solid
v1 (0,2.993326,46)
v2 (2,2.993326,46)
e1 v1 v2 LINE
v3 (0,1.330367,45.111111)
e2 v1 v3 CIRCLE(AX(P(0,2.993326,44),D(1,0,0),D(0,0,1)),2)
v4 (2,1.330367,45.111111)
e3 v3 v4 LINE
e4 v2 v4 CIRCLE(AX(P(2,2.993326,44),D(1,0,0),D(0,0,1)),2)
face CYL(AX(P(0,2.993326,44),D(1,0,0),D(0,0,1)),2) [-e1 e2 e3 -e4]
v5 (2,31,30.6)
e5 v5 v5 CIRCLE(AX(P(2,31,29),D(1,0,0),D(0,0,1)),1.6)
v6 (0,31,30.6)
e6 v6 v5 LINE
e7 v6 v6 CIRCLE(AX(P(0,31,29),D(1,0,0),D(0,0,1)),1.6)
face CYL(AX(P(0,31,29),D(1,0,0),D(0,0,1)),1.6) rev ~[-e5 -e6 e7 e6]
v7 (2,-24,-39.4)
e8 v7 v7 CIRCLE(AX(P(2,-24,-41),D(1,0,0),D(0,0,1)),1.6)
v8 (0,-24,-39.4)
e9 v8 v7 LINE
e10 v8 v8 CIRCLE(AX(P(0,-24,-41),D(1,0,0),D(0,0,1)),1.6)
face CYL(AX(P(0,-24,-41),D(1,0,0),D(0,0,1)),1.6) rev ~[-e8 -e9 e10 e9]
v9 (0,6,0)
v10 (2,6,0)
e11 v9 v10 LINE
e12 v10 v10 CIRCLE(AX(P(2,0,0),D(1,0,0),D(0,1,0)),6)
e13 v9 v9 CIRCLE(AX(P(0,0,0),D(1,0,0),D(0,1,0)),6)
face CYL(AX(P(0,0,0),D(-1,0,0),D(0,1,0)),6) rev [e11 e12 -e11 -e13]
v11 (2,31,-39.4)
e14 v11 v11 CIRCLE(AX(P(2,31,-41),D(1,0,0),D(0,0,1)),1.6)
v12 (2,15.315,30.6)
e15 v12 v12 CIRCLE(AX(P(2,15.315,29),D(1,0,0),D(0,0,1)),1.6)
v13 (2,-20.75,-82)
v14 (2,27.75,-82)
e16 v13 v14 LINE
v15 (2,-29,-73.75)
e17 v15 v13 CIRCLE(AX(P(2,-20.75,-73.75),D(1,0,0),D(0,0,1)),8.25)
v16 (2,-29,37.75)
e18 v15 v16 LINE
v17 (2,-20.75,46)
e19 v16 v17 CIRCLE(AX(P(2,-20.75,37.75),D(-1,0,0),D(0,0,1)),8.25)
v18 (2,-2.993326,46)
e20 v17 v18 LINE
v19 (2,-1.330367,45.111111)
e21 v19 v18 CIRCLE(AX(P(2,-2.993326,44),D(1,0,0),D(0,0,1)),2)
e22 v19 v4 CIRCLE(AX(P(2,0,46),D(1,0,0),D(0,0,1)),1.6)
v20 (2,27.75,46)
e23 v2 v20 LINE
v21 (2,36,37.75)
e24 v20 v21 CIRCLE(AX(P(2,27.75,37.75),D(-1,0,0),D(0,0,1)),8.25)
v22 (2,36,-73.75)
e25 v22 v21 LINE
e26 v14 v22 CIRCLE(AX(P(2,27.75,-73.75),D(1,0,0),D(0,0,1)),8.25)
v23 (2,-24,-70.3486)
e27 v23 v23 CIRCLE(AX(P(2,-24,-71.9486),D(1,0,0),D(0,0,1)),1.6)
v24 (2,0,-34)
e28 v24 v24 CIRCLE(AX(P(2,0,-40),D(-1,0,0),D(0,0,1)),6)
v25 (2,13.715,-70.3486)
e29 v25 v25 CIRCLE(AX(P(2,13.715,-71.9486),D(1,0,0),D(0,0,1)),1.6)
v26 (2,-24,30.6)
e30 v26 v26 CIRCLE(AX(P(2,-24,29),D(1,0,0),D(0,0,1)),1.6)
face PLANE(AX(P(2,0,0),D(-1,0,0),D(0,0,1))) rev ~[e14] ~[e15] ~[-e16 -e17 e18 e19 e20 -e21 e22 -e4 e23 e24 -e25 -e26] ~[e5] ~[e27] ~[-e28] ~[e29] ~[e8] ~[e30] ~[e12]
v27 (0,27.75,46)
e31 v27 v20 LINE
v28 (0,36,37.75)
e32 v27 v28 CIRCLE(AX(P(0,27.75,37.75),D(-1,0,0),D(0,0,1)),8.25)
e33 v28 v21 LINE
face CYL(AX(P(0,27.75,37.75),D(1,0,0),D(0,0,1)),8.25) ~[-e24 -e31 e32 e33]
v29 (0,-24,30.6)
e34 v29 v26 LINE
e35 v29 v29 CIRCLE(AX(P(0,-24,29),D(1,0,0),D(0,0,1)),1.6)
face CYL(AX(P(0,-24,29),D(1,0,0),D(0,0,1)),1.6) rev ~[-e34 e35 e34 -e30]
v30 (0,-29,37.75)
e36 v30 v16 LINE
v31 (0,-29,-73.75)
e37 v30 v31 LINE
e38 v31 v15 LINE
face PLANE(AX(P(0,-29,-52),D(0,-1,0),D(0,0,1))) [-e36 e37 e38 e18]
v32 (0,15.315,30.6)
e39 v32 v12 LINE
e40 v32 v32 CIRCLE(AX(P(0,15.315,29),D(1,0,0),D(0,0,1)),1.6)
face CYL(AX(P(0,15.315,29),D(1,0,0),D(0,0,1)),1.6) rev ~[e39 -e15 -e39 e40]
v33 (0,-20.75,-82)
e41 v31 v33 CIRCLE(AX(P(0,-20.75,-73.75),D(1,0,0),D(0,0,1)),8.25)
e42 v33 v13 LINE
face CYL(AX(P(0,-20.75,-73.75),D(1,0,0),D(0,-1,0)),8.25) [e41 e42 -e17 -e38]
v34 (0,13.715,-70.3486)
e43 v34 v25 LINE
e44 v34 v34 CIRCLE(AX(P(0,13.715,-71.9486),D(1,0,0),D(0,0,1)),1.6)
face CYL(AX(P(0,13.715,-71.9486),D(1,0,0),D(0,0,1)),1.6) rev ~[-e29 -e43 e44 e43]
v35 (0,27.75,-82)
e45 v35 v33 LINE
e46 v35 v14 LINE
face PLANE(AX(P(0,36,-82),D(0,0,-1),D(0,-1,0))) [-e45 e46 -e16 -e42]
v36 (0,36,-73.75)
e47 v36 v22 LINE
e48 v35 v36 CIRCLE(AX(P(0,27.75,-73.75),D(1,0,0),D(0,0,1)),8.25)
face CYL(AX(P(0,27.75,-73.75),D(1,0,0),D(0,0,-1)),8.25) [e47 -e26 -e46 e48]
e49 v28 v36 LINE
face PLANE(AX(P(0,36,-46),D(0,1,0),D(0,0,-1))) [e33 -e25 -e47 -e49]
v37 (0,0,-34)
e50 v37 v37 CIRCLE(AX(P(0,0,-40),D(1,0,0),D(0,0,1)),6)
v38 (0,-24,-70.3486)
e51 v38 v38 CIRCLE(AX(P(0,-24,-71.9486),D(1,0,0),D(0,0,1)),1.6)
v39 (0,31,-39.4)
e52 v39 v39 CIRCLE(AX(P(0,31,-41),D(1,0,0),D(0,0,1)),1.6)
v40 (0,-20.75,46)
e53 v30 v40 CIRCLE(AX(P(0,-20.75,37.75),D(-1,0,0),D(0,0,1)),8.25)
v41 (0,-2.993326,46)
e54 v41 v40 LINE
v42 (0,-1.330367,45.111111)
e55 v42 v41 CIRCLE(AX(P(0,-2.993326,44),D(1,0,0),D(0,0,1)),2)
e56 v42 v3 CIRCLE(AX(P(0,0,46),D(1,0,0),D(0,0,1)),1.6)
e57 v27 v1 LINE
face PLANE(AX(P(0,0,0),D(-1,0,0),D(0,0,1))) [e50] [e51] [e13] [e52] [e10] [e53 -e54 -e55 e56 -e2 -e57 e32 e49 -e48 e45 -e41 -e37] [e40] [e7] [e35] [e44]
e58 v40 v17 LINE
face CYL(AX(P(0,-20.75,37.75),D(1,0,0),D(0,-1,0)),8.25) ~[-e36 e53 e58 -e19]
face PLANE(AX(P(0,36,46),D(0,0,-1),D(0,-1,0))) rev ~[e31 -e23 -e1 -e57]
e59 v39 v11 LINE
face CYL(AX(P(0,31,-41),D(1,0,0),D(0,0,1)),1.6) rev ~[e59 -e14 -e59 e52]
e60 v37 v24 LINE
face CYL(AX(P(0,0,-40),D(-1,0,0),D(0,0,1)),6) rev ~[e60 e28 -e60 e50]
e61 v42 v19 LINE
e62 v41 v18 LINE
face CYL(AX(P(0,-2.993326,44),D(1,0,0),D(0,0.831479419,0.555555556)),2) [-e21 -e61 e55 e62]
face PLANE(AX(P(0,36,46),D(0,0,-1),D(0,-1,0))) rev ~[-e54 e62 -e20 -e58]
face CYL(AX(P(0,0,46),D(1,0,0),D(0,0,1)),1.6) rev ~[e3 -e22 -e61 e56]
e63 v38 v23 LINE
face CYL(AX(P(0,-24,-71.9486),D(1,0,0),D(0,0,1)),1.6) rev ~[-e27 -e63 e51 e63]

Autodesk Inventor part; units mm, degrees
ref_plane "YZ Plane" through (0, 0, 0) normal (1, 0, 0) x (0, 1, 0)
ref_plane "XZ Plane" through (0, 0, 0) normal (0, 1, 0) x (-1, 0, 0)
ref_plane "XY Plane" through (0, 0, 0) normal (0, 0, 1) x (1, 0, 0)
sketch "Sketch1" plane through (0, 0, 0) normal (1, 0, 0) x (0, 1, 0)
  circle A0 centre (0, 0) radius 6
  line L0 (36, -46) -> (36, 34)
  line L1 (36, 34) -> (-29, 34)
  line L2 (-29, 34) -> (-29, -46)
  line L3 (-29, -46) -> (36, -46)
  point P0 (0, -17.5)
  point P1 (17.5, 0)
  point P2 (0, 17.5)
  point P3 (-17.5, 0)
  point P4 (0, -30)
  point P5 (0, 30)
  point P6 (31, -41)
  point P7 (31, 29)
  point P8 (-24, 29)
  point P9 (-24, -41)
  dimension "d6" = 30
  dimension "d9" = 360
  dimension "d15" = 5
  dimension "d16" = 5
  dimension "d17" = 80
  dimension "d18" = 65
  dimension "d28" = 5
  dimension "d29" = 55
  dimension "d30" = 55
  dimension "d38" = 12
extrude "Extrusion1" add sketch "Sketch1" along normal blind 2
hole "Hole1" at (0, 31, -41) at (0, 31, 29) at (0, -24, 29) at (0, -24, -41) direction (1, 0, 0) diameter 3.2 depth 43.75 tip angle 118
sketch "Sketch2" plane through (0, 0, 0) normal (-1, 0, 0) x (0, 0, 1)
  circle A0 centre (-40, 0) radius 6
  line L0 (-46, 36) -> (34, 36) projected
  line L1 (-46, 36) -> (-52, 36)
  line L2 (-52, 36) -> (-52, -29)
  line L3 (-52, -29) -> (-46, -29)
  line L4 (-46, -29) -> (-46, 36)
  point P0 (0, 0)
  point P1 (0, 25.1294)
  point P2 (0, -32.6005)
  dimension "d31" = 40
  dimension "d32" = 12
  dimension "d33" = 6
extrude "Extrusion2" add sketch "Sketch2" against normal blind 2 contours L4 L3 L2 L1
extrude "Extrusion3" cut sketch "Sketch2" against normal blind 2 contours A0
sketch "Sketch3" plane through (0, 0, 0) normal (-1, 0, 0) x (0, 0, 1)
  line L0 (34, 36) -> (34, -29) projected
  line L1 (34, 36) -> (46, 36)
  line L2 (46, 36) -> (46, -29)
  line L3 (46, -29) -> (34, -29)
  line L4 (34, -29) -> (34, 36)
  line L5 (-52, 36) -> (-52, -29) projected
  line L6 (-52, 36) -> (-82, 36)
  line L7 (-82, 36) -> (-82, -29)
  line L8 (-82, -29) -> (-52, -29)
  line L9 (-52, -29) -> (-52, 36)
  circle A0 centre (0, 0) radius 6 projected
  circle A1 centre (0, 0) radius 15.315
  circle A2 centre (-40, 0) radius 6 projected
  circle A3 centre (-40, 0) radius 15.315
  line L10 (-40, 15.315) -> (-90.0791, 8.5618)
  line L11 (-35.9433, -14.768) -> (-79.6302, -20.6591)
  line L12 (0, 15.315) -> (59.9492, 7.4438)
  line L13 (-3.9709, -14.9288) -> (55.9782, -22.7999)
  circle A4 centre (29, 15.315) radius 1.6
  point P0 (-71.9486, -24)
  point P1 (-71.9486, 13.715)
  point P2 (-52, -29)
  dimension "d41" = 30.63
  dimension "d39" = 12
  dimension "d40" = 30
  dimension "d42" = 30.63
  dimension "d43" = 7.68
  dimension "d44" = 0
  dimension "d45" = 7.48
extrude "Extrusion4" add sketch "Sketch3" against normal blind 2 contours L1 L2 L12 L0 | L12 L2 L13 L0 | L13 L2 L3 L0 | L5 L10 L7 L6 | L5 A3 L8 L7 L10 | L5 A3
hole "Hole2" at (0, -24, -71.9486) at (0, 13.715, -71.9486) at (0, 15.315, 29) direction (1, 0, 0) diameter 3.2 depth 43.75 tip angle 118
fillet "Fillet1" radius 8.25 4 edges at (1, 36, -82) (1, -29, -82) (1, -29, 46) (1, 36, 46)
sketch "Sketch4" plane through (0, 0, 0) normal (-1, 0, 0) x (0, 0, 1)
  line L0 (46, -20.75) -> (46, 27.75) projected
  point P0 (0, 0)
  point P1 (46, 0)
hole "Hole3" at (0, 0, 46) direction (1, 0, 0) diameter 3.2 depth 43.75 tip angle 118
fillet "Fillet2" radius 2 2 edges at (1, 1.6, 46) (1, -1.6, 46)
properties part number "motor" material "アルミニウム 6061"
